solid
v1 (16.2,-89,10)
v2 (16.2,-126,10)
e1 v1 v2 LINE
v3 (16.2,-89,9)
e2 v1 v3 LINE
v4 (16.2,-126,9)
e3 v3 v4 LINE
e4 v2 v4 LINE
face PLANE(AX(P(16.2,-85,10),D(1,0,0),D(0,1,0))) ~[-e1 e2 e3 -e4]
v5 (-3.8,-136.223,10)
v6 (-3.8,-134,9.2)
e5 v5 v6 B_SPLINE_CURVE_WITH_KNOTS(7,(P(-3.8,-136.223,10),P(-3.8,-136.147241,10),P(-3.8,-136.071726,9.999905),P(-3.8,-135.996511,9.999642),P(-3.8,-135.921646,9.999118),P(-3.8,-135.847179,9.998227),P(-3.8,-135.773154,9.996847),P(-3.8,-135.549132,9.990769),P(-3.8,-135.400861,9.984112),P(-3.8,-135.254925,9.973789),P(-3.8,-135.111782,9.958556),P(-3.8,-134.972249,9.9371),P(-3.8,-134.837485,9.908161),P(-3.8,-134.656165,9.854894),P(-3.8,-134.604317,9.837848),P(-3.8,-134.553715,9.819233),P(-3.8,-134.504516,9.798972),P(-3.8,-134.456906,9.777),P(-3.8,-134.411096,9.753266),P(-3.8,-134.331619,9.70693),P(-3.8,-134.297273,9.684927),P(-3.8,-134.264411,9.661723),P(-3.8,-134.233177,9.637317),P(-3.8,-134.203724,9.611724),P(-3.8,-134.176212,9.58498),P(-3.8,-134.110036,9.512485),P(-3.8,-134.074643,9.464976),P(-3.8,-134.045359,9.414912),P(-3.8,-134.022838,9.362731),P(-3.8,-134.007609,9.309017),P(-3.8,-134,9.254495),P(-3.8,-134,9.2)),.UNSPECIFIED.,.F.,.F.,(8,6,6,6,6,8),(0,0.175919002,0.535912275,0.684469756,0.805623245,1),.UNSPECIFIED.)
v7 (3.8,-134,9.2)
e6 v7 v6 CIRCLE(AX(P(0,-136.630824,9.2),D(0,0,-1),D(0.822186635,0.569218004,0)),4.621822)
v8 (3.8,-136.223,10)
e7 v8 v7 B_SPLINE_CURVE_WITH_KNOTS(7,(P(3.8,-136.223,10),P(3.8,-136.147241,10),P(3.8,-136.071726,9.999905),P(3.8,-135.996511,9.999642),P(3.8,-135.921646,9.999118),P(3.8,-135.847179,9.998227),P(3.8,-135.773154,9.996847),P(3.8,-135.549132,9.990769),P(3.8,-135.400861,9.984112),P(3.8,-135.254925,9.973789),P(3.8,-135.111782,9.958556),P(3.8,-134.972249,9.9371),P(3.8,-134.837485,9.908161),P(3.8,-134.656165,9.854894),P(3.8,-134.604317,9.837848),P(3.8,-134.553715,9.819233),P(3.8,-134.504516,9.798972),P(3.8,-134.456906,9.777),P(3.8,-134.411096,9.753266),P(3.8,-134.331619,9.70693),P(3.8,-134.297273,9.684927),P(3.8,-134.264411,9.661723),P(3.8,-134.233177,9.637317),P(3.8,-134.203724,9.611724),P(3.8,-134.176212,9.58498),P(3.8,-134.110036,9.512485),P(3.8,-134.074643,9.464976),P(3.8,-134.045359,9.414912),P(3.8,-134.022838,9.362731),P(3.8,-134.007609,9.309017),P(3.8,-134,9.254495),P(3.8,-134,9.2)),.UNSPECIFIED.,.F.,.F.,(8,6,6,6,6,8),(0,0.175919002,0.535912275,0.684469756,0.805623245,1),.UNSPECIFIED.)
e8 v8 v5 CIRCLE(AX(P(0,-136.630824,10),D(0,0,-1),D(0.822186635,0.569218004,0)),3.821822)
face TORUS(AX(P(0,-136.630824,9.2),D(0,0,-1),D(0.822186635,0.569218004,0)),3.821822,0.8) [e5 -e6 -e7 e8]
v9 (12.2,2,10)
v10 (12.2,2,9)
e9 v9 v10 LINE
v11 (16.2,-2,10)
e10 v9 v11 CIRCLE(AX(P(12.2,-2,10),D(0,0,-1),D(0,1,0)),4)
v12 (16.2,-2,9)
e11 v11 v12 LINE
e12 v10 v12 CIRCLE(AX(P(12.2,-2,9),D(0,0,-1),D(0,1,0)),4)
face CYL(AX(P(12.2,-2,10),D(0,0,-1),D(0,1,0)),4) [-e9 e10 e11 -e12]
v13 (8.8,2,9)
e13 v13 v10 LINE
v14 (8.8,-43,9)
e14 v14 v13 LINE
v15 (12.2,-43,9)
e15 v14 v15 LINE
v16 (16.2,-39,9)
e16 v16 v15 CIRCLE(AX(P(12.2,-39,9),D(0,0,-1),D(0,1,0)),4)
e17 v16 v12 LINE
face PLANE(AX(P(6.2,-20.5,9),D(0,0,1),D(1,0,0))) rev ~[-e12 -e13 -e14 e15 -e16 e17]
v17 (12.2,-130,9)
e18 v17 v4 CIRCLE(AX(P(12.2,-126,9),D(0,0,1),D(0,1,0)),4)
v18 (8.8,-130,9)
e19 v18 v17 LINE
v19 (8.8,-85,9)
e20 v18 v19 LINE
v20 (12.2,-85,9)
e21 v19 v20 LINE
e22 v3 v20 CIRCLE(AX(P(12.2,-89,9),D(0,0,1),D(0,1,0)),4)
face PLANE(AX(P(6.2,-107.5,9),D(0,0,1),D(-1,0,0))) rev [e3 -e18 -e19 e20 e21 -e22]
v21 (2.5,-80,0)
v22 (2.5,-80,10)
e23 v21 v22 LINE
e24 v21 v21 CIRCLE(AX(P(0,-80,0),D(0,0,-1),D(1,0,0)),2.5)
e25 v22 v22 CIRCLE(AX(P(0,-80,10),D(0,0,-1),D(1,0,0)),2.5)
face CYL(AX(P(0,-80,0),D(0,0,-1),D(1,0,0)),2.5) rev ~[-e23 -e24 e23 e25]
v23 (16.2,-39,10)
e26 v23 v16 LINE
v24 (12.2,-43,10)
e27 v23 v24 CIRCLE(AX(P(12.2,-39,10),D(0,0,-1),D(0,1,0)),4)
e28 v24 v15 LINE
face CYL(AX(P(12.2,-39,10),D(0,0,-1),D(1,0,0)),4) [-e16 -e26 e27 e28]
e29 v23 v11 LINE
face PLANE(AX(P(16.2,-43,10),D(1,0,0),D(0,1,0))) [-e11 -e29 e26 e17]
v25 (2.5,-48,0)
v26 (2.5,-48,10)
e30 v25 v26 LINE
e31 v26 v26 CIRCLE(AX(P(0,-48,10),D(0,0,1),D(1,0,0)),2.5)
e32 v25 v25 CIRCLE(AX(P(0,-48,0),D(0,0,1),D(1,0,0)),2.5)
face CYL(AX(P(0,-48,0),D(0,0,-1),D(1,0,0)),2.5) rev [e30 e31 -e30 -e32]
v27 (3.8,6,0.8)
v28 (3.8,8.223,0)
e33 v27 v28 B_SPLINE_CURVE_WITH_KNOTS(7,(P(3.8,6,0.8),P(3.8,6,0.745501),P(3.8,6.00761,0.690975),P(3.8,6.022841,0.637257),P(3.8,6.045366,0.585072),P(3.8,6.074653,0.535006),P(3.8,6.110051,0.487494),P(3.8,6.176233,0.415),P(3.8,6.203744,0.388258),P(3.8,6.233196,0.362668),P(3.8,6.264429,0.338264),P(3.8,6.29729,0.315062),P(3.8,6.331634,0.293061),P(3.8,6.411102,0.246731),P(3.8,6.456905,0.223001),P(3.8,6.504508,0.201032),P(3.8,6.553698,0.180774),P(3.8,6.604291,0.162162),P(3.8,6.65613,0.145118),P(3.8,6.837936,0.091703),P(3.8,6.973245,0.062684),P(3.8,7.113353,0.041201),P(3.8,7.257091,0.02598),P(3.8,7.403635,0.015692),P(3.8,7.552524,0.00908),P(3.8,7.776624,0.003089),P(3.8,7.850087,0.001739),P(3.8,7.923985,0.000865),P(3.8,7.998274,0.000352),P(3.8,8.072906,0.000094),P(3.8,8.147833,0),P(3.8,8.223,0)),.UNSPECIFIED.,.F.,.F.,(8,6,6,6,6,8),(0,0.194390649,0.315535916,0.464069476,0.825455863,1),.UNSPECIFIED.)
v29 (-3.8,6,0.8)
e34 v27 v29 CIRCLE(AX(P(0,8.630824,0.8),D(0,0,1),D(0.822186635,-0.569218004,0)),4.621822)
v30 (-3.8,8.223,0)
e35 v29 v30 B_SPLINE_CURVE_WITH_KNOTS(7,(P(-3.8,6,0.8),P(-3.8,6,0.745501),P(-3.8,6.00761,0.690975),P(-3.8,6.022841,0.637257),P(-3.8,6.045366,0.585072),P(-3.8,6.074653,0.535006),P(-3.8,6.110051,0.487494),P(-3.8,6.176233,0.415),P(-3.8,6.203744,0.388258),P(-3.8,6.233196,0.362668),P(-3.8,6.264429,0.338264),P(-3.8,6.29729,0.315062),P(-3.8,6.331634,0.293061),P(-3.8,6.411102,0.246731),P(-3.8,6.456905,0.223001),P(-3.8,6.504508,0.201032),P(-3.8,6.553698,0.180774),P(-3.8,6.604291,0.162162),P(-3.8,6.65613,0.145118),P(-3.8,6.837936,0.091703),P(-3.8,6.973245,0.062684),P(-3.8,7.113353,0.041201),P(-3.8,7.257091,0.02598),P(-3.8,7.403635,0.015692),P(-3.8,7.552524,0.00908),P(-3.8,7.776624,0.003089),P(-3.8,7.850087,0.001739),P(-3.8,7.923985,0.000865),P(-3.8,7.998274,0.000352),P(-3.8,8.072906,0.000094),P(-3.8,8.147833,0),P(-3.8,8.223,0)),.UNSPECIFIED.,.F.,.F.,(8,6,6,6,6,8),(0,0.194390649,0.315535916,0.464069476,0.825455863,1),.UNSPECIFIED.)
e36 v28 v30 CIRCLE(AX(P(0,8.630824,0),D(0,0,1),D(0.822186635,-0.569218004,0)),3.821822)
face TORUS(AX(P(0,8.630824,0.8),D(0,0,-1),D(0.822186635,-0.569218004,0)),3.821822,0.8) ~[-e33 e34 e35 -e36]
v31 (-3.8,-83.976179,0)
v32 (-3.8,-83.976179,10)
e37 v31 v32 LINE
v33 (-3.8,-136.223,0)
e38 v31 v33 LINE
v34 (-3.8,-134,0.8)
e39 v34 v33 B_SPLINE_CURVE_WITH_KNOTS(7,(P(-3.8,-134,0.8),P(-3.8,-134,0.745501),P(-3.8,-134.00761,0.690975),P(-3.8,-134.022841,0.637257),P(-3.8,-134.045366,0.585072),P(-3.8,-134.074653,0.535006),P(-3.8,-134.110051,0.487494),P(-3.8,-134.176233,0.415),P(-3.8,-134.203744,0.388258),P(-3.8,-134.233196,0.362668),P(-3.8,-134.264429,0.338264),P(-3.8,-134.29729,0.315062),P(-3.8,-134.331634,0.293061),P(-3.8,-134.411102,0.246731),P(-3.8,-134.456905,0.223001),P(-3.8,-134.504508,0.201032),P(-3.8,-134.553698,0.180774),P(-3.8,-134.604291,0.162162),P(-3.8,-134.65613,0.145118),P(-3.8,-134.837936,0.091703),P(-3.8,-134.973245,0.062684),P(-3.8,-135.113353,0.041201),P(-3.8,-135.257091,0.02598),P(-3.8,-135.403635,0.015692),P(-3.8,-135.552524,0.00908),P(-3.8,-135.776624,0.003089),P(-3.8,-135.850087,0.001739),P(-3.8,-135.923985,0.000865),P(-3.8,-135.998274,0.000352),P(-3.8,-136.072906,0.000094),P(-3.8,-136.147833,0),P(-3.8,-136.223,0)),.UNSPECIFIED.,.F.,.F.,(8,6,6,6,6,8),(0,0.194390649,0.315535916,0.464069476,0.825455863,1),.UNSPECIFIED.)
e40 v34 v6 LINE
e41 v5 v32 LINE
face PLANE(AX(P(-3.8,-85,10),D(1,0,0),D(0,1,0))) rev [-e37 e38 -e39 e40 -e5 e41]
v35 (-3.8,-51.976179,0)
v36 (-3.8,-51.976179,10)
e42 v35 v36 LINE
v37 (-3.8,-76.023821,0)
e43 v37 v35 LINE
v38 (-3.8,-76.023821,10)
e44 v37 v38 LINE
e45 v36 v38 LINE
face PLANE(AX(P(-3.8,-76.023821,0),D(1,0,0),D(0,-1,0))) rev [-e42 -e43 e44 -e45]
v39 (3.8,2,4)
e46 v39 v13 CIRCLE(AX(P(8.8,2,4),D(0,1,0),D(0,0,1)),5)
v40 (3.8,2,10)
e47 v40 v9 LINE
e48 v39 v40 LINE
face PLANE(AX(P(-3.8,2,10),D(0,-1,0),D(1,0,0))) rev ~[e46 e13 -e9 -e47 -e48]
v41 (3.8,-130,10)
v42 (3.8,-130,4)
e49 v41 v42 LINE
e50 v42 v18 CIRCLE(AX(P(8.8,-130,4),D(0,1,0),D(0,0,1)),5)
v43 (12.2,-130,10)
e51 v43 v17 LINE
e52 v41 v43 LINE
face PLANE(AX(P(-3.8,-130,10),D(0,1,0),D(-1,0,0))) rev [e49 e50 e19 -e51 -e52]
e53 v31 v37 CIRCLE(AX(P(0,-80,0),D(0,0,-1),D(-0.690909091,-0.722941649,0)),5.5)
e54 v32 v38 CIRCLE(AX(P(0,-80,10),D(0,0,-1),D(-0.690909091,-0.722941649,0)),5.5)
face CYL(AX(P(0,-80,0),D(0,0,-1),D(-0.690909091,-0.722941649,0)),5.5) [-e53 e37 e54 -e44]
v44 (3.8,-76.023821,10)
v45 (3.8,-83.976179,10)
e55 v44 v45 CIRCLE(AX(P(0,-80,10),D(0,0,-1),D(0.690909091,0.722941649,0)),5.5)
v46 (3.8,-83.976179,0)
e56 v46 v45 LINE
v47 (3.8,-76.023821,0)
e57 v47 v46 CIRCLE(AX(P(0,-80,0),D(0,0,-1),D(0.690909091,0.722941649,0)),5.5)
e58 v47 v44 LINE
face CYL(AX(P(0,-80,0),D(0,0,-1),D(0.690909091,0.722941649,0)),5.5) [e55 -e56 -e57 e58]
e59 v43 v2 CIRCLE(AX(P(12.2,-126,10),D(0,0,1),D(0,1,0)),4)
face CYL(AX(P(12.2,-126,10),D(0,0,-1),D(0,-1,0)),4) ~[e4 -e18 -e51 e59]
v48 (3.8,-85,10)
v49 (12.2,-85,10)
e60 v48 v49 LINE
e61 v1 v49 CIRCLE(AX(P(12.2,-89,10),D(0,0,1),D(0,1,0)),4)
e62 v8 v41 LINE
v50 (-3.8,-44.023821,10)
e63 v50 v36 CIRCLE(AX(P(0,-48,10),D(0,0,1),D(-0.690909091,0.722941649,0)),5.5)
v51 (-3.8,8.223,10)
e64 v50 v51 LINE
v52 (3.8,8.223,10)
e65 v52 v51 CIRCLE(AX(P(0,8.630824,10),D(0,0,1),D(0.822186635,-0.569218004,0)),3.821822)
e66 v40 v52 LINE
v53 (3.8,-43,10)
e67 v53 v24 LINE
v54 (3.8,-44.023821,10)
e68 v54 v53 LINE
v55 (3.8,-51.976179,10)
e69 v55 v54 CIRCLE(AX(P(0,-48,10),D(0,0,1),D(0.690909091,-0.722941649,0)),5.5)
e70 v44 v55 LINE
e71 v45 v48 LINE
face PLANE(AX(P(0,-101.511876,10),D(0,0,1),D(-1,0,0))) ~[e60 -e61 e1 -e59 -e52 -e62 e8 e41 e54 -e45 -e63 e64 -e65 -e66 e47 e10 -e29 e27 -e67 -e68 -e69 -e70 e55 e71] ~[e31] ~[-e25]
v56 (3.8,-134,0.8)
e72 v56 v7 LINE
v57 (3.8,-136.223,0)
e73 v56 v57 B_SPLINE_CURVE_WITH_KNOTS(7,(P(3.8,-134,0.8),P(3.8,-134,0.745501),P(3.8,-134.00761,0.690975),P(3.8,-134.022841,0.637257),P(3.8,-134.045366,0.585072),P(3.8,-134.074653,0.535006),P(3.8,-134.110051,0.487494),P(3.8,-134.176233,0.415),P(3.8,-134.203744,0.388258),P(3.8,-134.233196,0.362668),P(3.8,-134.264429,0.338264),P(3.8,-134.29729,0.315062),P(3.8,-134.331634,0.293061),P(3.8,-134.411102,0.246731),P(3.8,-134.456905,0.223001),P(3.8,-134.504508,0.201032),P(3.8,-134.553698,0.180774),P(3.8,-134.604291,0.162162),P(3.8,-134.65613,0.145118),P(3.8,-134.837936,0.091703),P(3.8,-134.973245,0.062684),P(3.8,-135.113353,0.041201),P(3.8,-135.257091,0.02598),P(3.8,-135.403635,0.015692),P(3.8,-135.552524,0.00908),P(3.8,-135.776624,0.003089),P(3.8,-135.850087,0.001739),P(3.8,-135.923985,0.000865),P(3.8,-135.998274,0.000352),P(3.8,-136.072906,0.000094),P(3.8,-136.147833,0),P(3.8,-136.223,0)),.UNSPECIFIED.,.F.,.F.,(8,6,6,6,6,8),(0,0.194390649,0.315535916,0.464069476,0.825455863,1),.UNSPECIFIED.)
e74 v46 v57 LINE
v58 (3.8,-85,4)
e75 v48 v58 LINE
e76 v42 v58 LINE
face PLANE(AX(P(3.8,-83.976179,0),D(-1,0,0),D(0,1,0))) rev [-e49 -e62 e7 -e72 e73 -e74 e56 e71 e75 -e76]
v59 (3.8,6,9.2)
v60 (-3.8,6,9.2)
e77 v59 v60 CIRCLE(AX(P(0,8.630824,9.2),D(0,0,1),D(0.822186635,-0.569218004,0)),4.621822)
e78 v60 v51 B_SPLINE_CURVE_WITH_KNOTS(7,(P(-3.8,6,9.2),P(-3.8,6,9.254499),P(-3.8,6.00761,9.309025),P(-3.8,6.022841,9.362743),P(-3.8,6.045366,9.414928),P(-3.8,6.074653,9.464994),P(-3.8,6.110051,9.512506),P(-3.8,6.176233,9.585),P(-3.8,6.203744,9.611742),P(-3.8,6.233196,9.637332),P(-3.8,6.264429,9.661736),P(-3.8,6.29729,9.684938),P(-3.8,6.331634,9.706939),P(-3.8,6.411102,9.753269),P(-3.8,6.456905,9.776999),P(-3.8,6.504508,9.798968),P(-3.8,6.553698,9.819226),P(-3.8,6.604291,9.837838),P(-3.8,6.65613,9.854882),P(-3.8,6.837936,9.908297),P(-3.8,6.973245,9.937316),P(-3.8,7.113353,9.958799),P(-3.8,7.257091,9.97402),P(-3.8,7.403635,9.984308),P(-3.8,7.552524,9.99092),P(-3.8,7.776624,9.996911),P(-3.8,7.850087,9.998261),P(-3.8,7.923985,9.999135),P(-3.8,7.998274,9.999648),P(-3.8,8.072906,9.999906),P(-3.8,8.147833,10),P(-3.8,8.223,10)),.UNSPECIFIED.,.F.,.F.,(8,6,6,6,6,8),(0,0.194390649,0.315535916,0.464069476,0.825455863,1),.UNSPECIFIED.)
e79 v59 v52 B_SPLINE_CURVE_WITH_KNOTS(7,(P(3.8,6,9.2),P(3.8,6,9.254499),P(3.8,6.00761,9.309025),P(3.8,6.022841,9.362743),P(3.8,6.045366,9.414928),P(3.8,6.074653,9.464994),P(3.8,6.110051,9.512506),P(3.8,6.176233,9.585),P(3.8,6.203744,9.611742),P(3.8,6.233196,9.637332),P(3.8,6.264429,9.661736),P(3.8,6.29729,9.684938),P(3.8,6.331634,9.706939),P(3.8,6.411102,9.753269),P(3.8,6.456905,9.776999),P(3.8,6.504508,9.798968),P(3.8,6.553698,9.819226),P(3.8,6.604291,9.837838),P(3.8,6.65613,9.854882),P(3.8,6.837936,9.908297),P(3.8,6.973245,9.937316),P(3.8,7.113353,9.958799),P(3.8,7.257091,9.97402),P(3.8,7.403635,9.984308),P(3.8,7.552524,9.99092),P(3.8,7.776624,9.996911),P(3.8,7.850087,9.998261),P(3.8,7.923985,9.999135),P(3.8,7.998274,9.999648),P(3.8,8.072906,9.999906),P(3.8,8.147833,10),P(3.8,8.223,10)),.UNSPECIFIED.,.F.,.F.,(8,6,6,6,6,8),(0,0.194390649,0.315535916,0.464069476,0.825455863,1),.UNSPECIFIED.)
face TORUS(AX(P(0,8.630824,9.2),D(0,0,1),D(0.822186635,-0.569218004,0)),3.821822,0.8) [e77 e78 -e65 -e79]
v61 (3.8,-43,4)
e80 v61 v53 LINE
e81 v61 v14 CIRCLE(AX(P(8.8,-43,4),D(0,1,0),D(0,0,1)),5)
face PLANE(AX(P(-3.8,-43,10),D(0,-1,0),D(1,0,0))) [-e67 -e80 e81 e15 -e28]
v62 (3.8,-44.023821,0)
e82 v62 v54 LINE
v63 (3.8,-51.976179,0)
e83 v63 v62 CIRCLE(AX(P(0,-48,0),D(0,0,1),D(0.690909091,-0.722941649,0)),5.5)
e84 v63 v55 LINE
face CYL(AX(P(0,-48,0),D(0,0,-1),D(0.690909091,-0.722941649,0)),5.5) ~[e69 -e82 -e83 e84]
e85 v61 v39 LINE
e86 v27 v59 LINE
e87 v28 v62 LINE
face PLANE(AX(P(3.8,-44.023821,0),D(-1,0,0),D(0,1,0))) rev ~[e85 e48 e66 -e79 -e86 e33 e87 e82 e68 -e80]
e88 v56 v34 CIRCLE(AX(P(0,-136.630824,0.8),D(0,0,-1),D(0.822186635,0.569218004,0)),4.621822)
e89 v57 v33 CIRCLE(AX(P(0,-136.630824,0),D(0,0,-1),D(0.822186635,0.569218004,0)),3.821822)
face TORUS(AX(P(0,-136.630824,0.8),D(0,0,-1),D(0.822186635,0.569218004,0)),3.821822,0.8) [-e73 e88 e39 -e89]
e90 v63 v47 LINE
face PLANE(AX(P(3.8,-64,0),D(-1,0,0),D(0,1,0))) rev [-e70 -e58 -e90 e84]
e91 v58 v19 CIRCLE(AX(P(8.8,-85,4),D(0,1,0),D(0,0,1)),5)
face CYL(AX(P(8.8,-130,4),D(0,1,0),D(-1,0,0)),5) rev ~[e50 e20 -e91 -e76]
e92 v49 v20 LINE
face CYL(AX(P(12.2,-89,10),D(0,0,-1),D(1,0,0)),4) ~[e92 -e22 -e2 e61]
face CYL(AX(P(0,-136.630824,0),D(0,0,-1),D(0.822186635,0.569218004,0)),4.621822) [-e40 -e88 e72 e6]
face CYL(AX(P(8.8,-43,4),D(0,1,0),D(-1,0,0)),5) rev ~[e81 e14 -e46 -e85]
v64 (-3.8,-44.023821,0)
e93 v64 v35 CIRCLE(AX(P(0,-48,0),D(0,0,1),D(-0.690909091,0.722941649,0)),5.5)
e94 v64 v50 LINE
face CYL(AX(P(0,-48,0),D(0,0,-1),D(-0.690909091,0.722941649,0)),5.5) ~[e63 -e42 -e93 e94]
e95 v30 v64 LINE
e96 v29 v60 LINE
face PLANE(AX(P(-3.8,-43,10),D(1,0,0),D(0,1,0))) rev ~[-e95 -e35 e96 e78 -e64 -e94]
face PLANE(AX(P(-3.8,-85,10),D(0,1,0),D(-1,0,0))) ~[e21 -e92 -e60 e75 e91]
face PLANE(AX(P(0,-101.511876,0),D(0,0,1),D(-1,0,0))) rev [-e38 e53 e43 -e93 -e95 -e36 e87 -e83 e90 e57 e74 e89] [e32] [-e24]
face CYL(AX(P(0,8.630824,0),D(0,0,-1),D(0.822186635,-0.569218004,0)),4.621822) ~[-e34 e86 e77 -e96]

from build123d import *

# Parameters (mm, degrees)
SKETCH1_R            = 2.5
BOSS_EXTRUDE1_DEPTH  = 10
SKETCH4_W            = 20
SKETCH4_H            = 45
BOSS_EXTRUDE2_DEPTH  = 1
FILLET3_R            = 0.8
FILLET2_R            = 4
FILLET1_R            = 5
FILLET3_OF_MIRROR1_R = 0.8
FILLET2_OF_MIRROR1_R = 4
FILLET1_OF_MIRROR1_R = 5


with BuildPart() as part:
    # Sketch1 → Boss-Extrude1 (new body)
    with BuildSketch(Plane.XY):
        with BuildLine():
            Line((-3.8, 6), (-3.8, -44.02382093))
            ThreePointArc((-3.8, -44.02382093), (-5.5, -48), (-3.8, -51.97617907))
            Line((-3.8, -51.97617907), (-3.8, -64))
            Line((-3.8, -64), (3.8, -64))
            Line((3.8, -64), (3.8, -51.97617907))
            ThreePointArc((3.8, -51.97617907), (5.5, -48), (3.8, -44.02382093))
            Line((3.8, -44.02382093), (3.8, 6))
            ThreePointArc((3.8, 6), (0, 13.252645761), (-3.8, 6))
        make_face()
        with Locations((0, -48)):
            Circle(SKETCH1_R, mode=Mode.SUBTRACT)
    boss_extrude1 = extrude(amount=BOSS_EXTRUDE1_DEPTH)

    # Sketch4 → Boss-Extrude2 (add)
    with BuildSketch(Plane.XY.offset(10)):
        with Locations((6.2, -20.5)):
            Rectangle(SKETCH4_W, SKETCH4_H)
    boss_extrude2 = extrude(amount=-BOSS_EXTRUDE2_DEPTH)

    # Fillet3
    fillet3_edges = [part.edges().sort_by_distance(p)[0] for p in [
        (0, 13.252645761, 0),
        (0, 13.252645761, 10),
    ]]
    fillet(fillet3_edges, radius=FILLET3_R)

    # Fillet2
    fillet2_edges = [part.edges().sort_by_distance(p)[0] for p in [
        (16.2, -43, 9.5),
        (16.2, 2, 9.5),
    ]]
    fillet(fillet2_edges, radius=FILLET2_R)

    # Fillet1
    fillet1_edges = [part.edges().sort_by_distance(p)[0] for p in [
        (3.8, -20.5, 9),
    ]]
    fillet(fillet1_edges, radius=FILLET1_R)

    # Mirror1: Boss-Extrude1, Boss-Extrude2 across plane
    add(boss_extrude1.mirror(Plane(origin=(0, -64, 0), x_dir=(0, 0, 1), z_dir=(0, -1, 0))))
    add(boss_extrude2.mirror(Plane(origin=(0, -64, 0), x_dir=(0, 0, 1), z_dir=(0, -1, 0))))

    # Fillet3 of Mirror1
    fillet3_of_mirror1_edges = [part.edges().sort_by_distance(p)[0] for p in [
        (0, -141.252645761, 0),
        (0, -141.252645761, 10),
    ]]
    fillet(fillet3_of_mirror1_edges, radius=FILLET3_OF_MIRROR1_R)

    # Fillet2 of Mirror1
    fillet2_of_mirror1_edges = [part.edges().sort_by_distance(p)[0] for p in [
        (16.2, -85, 9.5),
        (16.2, -130, 9.5),
    ]]
    fillet(fillet2_of_mirror1_edges, radius=FILLET2_OF_MIRROR1_R)

    # Fillet1 of Mirror1
    fillet1_of_mirror1_edges = [part.edges().sort_by_distance(p)[0] for p in [
        (3.8, -107.5, 9),
    ]]
    fillet(fillet1_of_mirror1_edges, radius=FILLET1_OF_MIRROR1_R)


solid = part.part
